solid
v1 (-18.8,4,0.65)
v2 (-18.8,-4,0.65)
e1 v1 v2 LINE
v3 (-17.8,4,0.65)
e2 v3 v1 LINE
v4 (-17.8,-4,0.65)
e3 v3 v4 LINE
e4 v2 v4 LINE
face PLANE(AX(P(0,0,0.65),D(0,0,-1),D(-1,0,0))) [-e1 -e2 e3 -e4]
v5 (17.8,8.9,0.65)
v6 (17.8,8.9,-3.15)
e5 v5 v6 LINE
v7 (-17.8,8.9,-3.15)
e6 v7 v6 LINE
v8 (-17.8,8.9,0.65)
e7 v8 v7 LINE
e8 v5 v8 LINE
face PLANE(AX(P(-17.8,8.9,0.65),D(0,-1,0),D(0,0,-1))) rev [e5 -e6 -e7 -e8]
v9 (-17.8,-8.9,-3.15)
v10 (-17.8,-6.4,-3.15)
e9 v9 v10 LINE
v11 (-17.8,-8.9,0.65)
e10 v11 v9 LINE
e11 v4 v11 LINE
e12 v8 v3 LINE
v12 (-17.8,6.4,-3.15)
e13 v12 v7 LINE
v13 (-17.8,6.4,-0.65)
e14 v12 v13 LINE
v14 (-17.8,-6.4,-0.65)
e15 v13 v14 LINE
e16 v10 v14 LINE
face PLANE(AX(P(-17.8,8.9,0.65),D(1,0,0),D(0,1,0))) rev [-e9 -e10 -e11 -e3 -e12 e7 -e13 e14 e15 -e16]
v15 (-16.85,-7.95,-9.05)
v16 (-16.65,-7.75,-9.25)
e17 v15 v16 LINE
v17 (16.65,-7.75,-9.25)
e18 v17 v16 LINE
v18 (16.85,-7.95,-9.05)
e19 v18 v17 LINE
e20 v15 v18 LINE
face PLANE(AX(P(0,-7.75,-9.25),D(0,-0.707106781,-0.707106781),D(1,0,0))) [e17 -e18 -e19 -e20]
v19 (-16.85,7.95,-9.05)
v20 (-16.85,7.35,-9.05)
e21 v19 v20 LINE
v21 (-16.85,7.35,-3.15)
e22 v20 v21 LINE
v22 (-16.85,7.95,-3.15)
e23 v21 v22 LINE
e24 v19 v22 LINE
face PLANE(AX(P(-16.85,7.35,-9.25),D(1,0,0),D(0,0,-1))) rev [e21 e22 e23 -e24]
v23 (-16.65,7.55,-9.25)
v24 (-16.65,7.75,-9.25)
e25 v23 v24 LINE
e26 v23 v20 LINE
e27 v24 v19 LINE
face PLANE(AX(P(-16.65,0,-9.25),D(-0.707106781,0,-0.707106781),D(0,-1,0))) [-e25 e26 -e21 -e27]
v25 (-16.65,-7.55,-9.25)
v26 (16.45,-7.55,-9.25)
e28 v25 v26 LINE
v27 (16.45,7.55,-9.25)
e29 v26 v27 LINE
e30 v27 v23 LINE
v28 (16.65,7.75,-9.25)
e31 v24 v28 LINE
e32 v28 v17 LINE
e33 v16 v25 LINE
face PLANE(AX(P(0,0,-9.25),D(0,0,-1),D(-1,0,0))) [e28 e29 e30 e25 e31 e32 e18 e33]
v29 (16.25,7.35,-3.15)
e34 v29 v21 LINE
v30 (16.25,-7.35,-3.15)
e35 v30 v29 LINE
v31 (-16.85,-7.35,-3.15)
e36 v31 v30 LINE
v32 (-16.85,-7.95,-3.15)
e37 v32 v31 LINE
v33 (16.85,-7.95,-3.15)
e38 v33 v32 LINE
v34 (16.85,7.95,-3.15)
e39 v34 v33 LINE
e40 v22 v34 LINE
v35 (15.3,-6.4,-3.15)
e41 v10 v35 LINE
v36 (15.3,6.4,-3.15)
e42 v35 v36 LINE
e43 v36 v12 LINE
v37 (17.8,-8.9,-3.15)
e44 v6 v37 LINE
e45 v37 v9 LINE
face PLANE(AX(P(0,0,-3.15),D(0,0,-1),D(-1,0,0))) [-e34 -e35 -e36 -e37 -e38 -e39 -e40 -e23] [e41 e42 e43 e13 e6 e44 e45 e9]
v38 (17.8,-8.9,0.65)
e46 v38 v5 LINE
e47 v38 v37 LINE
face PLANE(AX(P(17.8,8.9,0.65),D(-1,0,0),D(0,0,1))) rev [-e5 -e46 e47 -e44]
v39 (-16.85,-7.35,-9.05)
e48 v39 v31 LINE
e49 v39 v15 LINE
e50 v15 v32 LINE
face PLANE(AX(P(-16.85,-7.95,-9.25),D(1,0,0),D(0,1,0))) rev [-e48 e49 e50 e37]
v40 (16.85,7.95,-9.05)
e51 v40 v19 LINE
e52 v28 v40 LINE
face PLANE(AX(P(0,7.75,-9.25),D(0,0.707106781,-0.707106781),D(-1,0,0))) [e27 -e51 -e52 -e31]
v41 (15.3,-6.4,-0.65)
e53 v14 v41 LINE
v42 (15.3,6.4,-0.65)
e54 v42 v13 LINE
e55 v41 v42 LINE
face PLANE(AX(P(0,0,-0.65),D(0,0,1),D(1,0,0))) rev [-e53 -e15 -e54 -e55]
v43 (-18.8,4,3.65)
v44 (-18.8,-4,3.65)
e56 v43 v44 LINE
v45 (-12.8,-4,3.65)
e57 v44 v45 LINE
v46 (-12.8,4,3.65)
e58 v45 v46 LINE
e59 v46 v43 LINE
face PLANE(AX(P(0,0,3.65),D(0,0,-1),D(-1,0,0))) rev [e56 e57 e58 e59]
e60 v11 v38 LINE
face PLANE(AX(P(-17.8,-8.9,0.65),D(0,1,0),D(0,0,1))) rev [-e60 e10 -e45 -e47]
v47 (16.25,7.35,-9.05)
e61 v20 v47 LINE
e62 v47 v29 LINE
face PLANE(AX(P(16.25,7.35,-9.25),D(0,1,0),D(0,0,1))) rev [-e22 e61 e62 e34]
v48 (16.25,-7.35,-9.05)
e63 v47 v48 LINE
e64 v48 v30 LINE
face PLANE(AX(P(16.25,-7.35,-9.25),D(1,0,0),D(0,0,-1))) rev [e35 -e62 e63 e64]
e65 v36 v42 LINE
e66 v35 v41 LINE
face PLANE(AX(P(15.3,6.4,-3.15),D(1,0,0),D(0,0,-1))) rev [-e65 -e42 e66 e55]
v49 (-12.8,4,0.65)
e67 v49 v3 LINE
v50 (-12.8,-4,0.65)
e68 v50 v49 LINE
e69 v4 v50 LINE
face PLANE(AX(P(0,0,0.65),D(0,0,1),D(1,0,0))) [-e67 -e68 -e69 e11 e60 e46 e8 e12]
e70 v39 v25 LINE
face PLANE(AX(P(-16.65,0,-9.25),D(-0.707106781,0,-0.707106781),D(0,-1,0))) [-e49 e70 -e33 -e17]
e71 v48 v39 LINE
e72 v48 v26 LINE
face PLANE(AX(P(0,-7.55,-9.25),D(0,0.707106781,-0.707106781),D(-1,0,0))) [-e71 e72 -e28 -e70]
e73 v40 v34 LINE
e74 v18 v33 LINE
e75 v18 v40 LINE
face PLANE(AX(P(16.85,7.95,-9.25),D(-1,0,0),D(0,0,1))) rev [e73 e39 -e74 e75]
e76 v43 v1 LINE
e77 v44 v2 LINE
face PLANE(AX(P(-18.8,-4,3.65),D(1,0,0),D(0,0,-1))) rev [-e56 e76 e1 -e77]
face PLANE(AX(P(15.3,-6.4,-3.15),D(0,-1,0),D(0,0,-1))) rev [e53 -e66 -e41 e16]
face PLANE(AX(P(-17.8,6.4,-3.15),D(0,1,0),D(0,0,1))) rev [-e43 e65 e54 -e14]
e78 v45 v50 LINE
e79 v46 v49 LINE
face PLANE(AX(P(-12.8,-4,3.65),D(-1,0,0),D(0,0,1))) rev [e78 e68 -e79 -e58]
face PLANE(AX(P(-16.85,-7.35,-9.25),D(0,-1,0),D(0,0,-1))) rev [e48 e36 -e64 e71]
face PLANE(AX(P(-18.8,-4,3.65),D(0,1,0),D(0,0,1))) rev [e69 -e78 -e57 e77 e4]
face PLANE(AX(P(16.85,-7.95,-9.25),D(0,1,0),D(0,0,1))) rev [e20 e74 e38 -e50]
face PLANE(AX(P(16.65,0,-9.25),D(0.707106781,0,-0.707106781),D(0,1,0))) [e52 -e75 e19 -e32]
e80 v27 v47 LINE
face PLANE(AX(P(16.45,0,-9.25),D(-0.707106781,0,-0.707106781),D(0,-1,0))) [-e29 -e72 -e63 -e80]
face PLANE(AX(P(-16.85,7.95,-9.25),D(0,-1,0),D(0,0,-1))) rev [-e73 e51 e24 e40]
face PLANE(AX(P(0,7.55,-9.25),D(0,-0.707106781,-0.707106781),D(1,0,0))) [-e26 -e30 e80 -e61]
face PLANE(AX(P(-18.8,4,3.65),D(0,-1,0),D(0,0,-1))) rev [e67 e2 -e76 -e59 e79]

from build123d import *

# Parameters (mm, degrees)
SKETCH1_W           = 35.6
SKETCH1_H           = 17.8
BOSS_EXTRUDE1_DEPTH = 0.65
SKETCH2_W           = 6
SKETCH2_H           = 8
BOSS_EXTRUDE2_DEPTH = 3
BOSS_EXTRUDE3_DEPTH = 2.5
BOSS_EXTRUDE4_DEPTH = 6.1
CHAMFER1_SIZE       = 0.2


with BuildPart() as part:
    # Sketch1 → Boss-Extrude1 (new, symmetric)
    with BuildSketch(Plane.XY):
        Rectangle(SKETCH1_W, SKETCH1_H)
    extrude(amount=BOSS_EXTRUDE1_DEPTH, both=True)

    # Sketch2 → Boss-Extrude2 (add)
    with BuildSketch(Plane.XY.offset(0.65)):
        with Locations((-15.8, 0)):
            Rectangle(SKETCH2_W, SKETCH2_H)
    extrude(amount=BOSS_EXTRUDE2_DEPTH)

    # Sketch3 → Boss-Extrude3 (add)
    with BuildSketch(Plane(origin=(0, 0, -0.65), x_dir=(-1, 0, 0), z_dir=(0, 0, -1))):
        Polygon((17.8, 6.4), (-15.3, 6.4), (-15.3, -6.4), (17.8, -6.4), (17.8, -8.9), (-17.8, -8.9), (-17.8, 8.9), (17.8, 8.9), align=None)
    extrude(amount=BOSS_EXTRUDE3_DEPTH)

    # Sketch4 → Boss-Extrude4 (add)
    with BuildSketch(Plane(origin=(0, 0, -3.15), x_dir=(-1, 0, 0), z_dir=(0, 0, -1))):
        Polygon((16.85, -7.95), (16.85, -7.35), (-16.25, -7.35), (-16.25, 7.35), (16.85, 7.35), (16.85, 7.95), (-16.85, 7.95), (-16.85, -7.95), align=None)
    extrude(amount=BOSS_EXTRUDE4_DEPTH)

    # Chamfer1
    chamfer1_edges = [part.edges().sort_by_distance(p)[0] for p in [
        (0, -7.95, -9.25),
        (-16.85, -7.65, -9.25),
        (-0.3, -7.35, -9.25),
        (16.25, 0, -9.25),
        (-0.3, 7.35, -9.25),
        (-16.85, 7.65, -9.25),
        (0, 7.95, -9.25),
        (16.85, 0, -9.25),
    ]]
    chamfer(chamfer1_edges, length=CHAMFER1_SIZE)


solid = part.part
